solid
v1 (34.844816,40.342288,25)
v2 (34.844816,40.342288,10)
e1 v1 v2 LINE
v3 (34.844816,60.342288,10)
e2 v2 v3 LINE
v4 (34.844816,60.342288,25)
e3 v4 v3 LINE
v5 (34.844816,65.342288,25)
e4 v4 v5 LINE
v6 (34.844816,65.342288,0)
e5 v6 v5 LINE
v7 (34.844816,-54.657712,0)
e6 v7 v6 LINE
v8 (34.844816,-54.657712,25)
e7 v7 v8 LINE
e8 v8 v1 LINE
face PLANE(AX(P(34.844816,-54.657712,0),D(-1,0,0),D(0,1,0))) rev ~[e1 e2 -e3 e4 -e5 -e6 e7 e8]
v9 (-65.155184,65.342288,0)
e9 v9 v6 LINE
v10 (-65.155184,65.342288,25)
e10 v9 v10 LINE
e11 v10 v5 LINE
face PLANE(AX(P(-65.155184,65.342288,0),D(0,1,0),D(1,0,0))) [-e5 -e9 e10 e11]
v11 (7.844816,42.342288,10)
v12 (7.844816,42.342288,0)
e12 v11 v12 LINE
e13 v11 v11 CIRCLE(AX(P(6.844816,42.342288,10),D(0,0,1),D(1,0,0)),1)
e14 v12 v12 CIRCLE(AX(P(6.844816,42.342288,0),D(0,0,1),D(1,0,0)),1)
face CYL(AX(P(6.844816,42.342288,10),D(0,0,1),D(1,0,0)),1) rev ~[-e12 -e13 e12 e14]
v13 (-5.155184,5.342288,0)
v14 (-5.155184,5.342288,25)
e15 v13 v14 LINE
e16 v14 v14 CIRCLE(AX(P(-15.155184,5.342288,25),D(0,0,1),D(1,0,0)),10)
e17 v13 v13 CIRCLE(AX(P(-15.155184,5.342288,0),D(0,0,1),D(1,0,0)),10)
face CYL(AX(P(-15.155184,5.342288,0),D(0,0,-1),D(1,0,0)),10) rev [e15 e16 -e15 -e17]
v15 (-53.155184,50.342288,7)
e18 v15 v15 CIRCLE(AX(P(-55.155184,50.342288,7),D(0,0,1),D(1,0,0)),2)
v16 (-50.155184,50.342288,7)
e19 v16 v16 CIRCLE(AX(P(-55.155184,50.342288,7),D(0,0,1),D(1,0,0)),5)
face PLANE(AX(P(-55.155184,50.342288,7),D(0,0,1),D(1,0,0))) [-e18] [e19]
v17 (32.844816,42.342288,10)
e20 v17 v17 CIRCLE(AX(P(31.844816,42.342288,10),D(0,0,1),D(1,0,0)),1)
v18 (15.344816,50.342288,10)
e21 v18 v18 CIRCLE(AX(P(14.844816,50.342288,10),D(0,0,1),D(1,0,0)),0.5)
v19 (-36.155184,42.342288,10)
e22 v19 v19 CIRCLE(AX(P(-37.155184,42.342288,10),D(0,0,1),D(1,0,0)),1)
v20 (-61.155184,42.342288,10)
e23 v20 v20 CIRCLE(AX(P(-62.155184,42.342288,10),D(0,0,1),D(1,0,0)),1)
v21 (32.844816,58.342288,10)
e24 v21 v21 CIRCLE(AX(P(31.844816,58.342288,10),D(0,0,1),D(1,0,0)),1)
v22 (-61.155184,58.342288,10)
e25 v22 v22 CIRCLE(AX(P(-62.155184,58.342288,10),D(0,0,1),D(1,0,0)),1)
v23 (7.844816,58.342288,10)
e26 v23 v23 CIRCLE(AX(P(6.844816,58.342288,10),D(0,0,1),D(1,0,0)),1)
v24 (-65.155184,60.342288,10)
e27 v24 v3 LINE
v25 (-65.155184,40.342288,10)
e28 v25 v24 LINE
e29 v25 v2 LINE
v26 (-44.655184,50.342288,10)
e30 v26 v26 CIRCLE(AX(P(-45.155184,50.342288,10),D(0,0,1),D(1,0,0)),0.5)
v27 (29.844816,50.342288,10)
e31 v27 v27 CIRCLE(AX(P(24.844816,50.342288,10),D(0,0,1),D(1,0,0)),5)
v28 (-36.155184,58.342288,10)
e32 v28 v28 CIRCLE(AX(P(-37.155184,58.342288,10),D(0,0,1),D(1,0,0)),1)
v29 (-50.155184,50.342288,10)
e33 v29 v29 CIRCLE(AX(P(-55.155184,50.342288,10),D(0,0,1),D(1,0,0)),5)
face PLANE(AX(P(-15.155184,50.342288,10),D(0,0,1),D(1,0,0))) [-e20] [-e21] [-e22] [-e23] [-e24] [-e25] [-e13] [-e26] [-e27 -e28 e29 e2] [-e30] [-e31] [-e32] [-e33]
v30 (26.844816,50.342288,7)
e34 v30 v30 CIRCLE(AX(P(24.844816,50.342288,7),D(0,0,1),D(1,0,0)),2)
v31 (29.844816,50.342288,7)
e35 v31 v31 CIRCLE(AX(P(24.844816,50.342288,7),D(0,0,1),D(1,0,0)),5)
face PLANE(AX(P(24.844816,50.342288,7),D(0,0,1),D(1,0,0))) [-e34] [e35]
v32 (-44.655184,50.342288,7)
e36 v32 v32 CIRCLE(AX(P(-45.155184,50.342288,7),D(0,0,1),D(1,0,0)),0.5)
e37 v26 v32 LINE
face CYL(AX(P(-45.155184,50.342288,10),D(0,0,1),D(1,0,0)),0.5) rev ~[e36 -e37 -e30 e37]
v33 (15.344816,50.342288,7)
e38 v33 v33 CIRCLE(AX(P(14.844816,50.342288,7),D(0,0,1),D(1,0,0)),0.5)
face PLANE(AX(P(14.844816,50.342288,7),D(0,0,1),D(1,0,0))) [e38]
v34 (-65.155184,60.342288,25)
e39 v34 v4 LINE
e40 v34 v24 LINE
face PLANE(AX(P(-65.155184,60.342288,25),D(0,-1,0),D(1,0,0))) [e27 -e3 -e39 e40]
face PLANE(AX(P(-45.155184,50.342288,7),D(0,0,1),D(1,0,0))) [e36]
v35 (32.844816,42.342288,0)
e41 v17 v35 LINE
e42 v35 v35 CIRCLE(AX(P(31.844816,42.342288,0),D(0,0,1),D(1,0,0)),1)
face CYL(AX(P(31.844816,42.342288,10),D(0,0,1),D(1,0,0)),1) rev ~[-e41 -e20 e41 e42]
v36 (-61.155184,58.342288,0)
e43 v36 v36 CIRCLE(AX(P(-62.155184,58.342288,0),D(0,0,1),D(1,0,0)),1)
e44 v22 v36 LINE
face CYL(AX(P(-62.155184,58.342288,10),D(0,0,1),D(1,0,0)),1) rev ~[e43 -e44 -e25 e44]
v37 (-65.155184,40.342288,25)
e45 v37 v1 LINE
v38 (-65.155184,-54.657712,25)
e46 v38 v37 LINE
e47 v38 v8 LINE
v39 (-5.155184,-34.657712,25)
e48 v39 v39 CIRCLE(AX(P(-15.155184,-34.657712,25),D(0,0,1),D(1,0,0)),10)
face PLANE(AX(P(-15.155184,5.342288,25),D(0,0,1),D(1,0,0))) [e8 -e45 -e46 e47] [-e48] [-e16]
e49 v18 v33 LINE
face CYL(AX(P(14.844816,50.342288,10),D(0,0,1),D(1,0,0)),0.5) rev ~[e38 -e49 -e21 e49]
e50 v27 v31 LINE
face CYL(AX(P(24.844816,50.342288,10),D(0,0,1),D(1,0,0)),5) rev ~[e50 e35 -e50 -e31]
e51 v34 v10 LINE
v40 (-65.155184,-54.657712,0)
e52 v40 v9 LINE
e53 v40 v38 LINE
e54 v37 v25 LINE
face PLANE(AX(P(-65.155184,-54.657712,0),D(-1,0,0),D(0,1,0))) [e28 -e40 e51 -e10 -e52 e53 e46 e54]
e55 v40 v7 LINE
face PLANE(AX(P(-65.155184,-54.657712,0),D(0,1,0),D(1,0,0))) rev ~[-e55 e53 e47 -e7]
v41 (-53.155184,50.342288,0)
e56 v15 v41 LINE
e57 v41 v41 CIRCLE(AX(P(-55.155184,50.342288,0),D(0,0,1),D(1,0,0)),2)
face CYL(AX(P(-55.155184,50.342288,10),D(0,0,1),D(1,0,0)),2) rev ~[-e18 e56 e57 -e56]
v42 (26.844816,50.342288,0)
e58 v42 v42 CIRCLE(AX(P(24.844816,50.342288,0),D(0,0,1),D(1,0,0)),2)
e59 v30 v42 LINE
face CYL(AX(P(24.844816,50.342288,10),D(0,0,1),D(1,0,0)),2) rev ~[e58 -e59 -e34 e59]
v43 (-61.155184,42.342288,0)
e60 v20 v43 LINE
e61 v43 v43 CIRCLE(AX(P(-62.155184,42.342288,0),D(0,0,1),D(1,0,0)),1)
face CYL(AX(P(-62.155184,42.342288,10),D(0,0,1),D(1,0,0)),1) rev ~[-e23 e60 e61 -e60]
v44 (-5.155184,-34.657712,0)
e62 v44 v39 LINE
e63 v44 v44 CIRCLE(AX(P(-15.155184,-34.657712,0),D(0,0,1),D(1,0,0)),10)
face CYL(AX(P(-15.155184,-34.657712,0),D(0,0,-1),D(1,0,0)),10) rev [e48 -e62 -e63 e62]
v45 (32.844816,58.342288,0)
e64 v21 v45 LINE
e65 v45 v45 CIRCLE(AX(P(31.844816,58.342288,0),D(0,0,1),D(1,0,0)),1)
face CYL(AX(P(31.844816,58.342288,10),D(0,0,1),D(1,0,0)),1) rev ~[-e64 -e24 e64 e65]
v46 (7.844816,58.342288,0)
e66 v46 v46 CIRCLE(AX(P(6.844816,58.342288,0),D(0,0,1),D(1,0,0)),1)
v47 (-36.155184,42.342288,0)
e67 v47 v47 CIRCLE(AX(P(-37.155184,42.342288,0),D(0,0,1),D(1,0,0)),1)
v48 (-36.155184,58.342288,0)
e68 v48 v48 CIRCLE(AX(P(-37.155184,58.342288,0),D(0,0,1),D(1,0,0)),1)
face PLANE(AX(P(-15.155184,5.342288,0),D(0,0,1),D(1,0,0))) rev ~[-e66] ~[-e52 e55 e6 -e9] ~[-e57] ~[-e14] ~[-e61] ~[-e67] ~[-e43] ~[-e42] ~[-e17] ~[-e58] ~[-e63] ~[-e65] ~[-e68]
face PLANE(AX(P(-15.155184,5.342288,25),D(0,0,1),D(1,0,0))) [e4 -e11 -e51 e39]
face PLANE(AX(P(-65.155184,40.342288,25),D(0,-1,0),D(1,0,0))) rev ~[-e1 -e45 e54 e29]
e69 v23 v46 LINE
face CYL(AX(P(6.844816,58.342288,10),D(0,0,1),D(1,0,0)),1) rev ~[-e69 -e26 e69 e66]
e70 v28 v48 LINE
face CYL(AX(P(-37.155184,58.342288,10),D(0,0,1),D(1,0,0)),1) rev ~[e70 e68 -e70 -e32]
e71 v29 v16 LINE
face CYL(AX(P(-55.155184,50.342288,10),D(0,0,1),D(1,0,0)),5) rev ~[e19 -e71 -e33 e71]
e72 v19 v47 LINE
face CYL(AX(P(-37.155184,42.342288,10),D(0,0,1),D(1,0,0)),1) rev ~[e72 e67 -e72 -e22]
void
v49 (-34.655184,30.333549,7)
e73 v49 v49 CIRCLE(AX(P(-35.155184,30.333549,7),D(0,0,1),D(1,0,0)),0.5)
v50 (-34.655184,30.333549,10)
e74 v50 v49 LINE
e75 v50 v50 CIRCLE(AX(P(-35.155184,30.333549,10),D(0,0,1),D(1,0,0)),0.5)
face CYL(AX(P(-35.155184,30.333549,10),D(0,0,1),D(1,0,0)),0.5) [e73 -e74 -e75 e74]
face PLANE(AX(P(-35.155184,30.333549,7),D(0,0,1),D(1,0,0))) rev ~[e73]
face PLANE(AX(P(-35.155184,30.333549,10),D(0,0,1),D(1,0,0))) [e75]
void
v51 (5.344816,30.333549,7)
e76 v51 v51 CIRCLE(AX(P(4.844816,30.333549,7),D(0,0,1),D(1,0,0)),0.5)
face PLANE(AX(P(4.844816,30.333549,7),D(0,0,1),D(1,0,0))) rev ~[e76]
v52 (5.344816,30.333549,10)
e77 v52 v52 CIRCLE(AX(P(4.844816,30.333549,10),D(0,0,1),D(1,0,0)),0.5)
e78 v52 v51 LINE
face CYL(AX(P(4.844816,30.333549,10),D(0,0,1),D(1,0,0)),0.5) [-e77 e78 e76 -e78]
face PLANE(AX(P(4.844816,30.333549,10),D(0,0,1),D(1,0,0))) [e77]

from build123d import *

# Parameters (mm, degrees)
F0_W     = 100
F0_H     = 120
F0_R     = 10
F1_DEPTH = 25
F2_W     = 100
F2_H     = 20
F3_DEPTH = 15
F4_R     = 1
F4_R_2   = 5
F4_R_3   = 0.5
F5_DEPTH = 3
F6_R     = 2
F6_R_2   = 1
F7_DEPTH = 25


with BuildPart() as f1:
    # F0 (on Top) → F1 (new body)
    with BuildSketch(Plane.XY):
        with Locations((-15.155184, 5.342288)):
            Rectangle(F0_W, F0_H)
        with Locations((-15.155184, -34.657712)):
            Circle(F0_R, mode=Mode.SUBTRACT)
        with Locations((-15.155184, 5.342288)):
            Circle(F0_R, mode=Mode.SUBTRACT)
    extrude(amount=F1_DEPTH)

    # F2 (on face) → F3 (cut)
    with BuildSketch(Plane.XY.offset(25)):
        with Locations((-15.155184, 50.342288)):
            Rectangle(F2_W, F2_H)
    extrude(amount=-F3_DEPTH, mode=Mode.SUBTRACT)

    # F4 (on face) → F5 (cut)
    with BuildSketch(Plane.XY.offset(10)):
        with Locations((-62.155184, 58.342288)):
            Circle(F4_R)
        with Locations((-37.155184, 58.342288)):
            Circle(F4_R)
        with Locations((-55.155184, 50.342288)):
            Circle(F4_R_2)
        with Locations((-45.155184, 50.342288)):
            Circle(F4_R_3)
        with Locations((-35.155184, 30.333549)):
            Circle(F4_R_3)
        with Locations((-62.155184, 42.342288)):
            Circle(F4_R)
        with Locations((-37.155184, 42.342288)):
            Circle(F4_R)
        with Locations((31.844816, 58.342288)):
            Circle(F4_R)
        with Locations((6.844816, 58.342288)):
            Circle(F4_R)
        with Locations((24.844816, 50.342288)):
            Circle(F4_R_2)
        with Locations((31.844816, 42.342288)):
            Circle(F4_R)
        with Locations((6.844816, 42.342288)):
            Circle(F4_R)
        with Locations((14.844816, 50.342288)):
            Circle(F4_R_3)
        with Locations((4.844816, 30.333549)):
            Circle(F4_R_3)
    extrude(amount=-F5_DEPTH, mode=Mode.SUBTRACT)

    # F6 (on face) → F7 (cut)
    with BuildSketch(Plane.XY.offset(10)):
        with Locations((24.844816, 50.342288)):
            Circle(F6_R)
        with Locations((31.844816, 42.342288)):
            Circle(F6_R_2)
        with Locations((31.844816, 58.342288)):
            Circle(F6_R_2)
        with Locations((6.844816, 42.342288)):
            Circle(F6_R_2)
        with Locations((-37.155184, 42.342288)):
            Circle(F6_R_2)
        with Locations((-62.155184, 42.342288)):
            Circle(F6_R_2)
        with Locations((6.844816, 58.342288)):
            Circle(F6_R_2)
        with Locations((-37.155184, 58.342288)):
            Circle(F6_R_2)
        with Locations((-55.155184, 50.342288)):
            Circle(F6_R)
        with Locations((-62.155184, 58.342288)):
            Circle(F6_R_2)
    extrude(amount=-F7_DEPTH, mode=Mode.SUBTRACT)


solid = f1.part
